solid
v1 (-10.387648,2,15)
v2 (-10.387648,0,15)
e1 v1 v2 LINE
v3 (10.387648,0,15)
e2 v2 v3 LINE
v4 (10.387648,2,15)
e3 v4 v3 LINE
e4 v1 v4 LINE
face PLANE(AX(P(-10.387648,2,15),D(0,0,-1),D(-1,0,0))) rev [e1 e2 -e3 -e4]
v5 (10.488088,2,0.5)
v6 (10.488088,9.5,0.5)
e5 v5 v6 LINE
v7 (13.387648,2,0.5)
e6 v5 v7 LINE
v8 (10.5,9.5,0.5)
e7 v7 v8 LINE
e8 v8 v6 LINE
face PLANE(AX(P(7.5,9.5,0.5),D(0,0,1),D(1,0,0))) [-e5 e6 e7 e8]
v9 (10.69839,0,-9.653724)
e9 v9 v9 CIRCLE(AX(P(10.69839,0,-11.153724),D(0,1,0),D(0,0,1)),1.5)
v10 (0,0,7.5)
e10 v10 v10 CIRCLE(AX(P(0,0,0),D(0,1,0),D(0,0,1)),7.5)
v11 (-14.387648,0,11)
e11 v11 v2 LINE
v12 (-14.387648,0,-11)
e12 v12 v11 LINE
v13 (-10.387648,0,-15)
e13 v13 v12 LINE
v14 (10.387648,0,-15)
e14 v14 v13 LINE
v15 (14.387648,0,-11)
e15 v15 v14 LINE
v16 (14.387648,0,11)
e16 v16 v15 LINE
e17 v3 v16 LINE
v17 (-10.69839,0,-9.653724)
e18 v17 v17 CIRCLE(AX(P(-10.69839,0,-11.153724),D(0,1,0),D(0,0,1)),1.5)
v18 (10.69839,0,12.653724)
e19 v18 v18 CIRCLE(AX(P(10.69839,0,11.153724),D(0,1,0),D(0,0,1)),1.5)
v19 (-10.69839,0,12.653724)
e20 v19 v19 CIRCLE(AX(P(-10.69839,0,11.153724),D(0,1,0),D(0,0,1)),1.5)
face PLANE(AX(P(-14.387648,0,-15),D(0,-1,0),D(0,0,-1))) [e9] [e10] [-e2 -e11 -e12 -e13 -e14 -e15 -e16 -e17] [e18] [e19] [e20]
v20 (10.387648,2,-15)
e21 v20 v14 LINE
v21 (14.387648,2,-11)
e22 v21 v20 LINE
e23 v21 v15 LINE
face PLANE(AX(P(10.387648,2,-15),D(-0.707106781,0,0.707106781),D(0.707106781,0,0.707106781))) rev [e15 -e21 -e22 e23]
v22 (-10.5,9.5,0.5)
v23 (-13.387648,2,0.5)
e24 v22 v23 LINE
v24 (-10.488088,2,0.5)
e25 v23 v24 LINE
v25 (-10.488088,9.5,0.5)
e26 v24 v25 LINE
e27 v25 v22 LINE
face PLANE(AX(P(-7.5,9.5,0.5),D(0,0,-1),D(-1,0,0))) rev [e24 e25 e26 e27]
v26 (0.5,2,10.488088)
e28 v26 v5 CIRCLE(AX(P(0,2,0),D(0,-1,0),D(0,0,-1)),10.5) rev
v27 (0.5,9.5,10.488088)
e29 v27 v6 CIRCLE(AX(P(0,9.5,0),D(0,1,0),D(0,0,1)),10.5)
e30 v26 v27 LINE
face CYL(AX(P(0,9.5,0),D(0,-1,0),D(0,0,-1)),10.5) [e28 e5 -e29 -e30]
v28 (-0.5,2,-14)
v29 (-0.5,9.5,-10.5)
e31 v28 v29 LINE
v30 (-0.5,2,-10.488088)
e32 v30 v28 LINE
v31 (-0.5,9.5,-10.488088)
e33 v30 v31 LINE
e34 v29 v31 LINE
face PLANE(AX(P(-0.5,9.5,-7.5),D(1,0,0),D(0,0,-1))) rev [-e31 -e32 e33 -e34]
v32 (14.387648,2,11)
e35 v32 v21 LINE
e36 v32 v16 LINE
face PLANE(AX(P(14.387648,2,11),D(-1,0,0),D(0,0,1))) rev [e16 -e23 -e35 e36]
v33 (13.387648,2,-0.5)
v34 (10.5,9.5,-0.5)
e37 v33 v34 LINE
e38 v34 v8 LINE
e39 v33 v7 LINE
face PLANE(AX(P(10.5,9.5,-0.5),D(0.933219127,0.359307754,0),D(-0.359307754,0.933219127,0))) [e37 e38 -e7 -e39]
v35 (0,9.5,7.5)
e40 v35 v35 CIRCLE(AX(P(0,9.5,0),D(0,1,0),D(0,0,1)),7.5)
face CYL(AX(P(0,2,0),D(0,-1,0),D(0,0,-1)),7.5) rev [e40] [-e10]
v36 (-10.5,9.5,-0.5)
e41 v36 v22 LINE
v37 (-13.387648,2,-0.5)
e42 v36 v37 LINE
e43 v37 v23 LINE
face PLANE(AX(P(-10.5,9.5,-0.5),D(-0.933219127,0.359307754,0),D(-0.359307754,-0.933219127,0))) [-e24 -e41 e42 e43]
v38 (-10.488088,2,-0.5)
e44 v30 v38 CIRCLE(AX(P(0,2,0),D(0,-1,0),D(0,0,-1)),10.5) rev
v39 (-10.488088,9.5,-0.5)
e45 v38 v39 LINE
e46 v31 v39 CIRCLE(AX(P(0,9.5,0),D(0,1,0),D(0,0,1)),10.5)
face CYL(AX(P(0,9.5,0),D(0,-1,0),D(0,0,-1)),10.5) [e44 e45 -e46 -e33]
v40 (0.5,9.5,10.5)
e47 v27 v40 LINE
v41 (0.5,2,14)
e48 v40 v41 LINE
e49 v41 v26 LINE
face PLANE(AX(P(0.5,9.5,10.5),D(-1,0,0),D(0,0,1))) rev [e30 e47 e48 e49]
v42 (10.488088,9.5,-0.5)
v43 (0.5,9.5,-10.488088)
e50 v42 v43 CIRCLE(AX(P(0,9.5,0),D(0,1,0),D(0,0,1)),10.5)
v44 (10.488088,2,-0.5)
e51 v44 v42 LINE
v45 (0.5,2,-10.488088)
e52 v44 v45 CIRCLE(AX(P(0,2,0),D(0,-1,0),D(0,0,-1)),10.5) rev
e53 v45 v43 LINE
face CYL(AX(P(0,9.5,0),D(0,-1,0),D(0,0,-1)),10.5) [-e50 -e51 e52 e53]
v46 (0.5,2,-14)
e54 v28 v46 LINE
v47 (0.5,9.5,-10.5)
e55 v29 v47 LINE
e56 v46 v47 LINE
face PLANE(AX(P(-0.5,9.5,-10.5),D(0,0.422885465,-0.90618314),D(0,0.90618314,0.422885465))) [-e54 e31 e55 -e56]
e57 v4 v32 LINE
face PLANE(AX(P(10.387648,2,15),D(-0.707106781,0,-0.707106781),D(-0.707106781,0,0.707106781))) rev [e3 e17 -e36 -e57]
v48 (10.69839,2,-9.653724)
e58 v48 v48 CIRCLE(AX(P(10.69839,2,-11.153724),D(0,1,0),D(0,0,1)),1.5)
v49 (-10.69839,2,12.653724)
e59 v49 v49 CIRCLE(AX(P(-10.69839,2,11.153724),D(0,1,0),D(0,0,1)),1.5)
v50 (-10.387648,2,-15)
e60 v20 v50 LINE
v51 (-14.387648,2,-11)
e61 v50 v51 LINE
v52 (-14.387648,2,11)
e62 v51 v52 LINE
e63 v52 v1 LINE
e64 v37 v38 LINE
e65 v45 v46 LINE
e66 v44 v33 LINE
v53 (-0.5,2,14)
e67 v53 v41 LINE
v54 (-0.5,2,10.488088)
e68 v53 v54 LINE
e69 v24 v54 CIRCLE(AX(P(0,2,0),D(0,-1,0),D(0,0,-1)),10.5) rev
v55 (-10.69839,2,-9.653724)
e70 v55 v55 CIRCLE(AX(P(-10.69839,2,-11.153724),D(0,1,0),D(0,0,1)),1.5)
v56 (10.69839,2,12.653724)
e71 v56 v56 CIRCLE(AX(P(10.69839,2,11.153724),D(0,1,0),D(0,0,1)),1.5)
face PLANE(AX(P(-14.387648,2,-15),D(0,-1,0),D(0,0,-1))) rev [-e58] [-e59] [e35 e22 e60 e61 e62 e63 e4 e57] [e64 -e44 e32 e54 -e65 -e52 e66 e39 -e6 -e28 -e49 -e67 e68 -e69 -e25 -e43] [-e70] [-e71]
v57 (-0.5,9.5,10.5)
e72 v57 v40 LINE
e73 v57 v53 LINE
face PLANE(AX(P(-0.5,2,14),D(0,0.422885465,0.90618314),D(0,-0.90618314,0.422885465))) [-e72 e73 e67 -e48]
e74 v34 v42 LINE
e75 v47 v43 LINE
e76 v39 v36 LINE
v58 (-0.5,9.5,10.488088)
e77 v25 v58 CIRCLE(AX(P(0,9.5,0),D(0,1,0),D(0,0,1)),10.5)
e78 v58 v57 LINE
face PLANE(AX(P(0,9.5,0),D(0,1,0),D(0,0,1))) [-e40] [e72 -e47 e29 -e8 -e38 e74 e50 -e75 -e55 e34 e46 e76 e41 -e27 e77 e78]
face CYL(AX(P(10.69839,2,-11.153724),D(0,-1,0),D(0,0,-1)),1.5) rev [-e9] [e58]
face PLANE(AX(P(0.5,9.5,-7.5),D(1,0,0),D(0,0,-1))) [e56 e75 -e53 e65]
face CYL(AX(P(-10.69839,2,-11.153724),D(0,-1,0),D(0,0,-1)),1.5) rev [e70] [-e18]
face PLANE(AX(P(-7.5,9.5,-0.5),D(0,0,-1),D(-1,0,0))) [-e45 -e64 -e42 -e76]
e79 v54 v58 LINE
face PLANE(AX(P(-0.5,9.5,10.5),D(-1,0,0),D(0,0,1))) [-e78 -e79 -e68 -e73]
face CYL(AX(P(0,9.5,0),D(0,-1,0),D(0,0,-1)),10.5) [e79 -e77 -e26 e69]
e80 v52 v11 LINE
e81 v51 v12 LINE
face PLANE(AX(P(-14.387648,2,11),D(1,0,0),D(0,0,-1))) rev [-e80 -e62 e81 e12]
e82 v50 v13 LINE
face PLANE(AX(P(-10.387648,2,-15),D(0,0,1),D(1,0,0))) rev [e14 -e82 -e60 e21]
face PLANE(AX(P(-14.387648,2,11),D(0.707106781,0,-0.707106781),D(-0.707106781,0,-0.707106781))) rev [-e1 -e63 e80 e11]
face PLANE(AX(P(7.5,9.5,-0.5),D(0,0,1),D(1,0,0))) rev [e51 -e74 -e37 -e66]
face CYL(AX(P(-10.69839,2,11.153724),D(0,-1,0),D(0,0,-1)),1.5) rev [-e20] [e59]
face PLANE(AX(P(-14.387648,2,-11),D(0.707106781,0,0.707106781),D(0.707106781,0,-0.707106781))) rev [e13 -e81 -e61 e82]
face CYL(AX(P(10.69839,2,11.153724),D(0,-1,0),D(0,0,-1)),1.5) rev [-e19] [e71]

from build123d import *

# Parameters (mm, degrees)
SKETCH1_R                = 7.5
SKETCH1_R_2              = 1.5
BOSS_EXTRUDE1_DEPTH      = 2
SKETCH2_R                = 10.5
SKETCH2_R_2              = 7.5
BOSS_EXTRUDE2_DEPTH      = 7.5
BOSS_EXTRUDE4_DEPTH      = 0.5
BOSS_EXTRUDE4_DEPTH_BACK = 0.5
BOSS_EXTRUDE5_DEPTH      = 0.5
BOSS_EXTRUDE5_DEPTH_BACK = 0.5


with BuildPart() as part:
    # Sketch1 → Boss-Extrude1 (new body)
    with BuildSketch(Plane(origin=(0, 0, 0), x_dir=(1, 0, 0), z_dir=(0, 1, 0))):
        Polygon((-14.387647793, 11), (-10.387647793, 15), (10.387647793, 15), (14.387647793, 11), (14.387647793, -11), (10.387647793, -15), (-10.387647793, -15), (-14.387647793, -11), align=None)
        with Locations(Location((0, 0, 0), (0, 0, 270))):
            Circle(SKETCH1_R, mode=Mode.SUBTRACT)
        with Locations(Location((-10.69839003, -11.153723858, 0), (0, 0, 270))):
            Circle(SKETCH1_R_2, mode=Mode.SUBTRACT)
        with Locations(Location((-10.69839003, 11.153723858, 0), (0, 0, 270))):
            Circle(SKETCH1_R_2, mode=Mode.SUBTRACT)
        with Locations(Location((10.69839003, 11.153723858, 0), (0, 0, 270))):
            Circle(SKETCH1_R_2, mode=Mode.SUBTRACT)
        with Locations(Location((10.69839003, -11.153723858, 0), (0, 0, 270))):
            Circle(SKETCH1_R_2, mode=Mode.SUBTRACT)
    extrude(amount=BOSS_EXTRUDE1_DEPTH)

    # Sketch2 → Boss-Extrude2 (add)
    with BuildSketch(Plane(origin=(0, 2, 0), x_dir=(1, 0, 0), z_dir=(0, 1, 0))):
        with Locations(Location((0, 0, 0), (0, 0, 90))):
            Circle(SKETCH2_R)
        with Locations(Location((0, 0, 0), (0, 0, 270))):
            Circle(SKETCH2_R_2, mode=Mode.SUBTRACT)
    extrude(amount=BOSS_EXTRUDE2_DEPTH)

    # Sketch4 → Boss-Extrude4 (add, two sides: drawn at the far end of the back side and taken through both)
    with BuildSketch(Plane(origin=(0, 0, 0), x_dir=(0, 0, -1), z_dir=(1, 0, 0)).offset(-BOSS_EXTRUDE4_DEPTH_BACK)):
        Polygon((10.5, 9.5), (14, 2), (7.5, 2), (7.5, 9.5), align=None)
        Polygon((-10.5, 9.5), (-7.5, 9.5), (-7.5, 2), (-14, 2), align=None)
    extrude(amount=BOSS_EXTRUDE4_DEPTH + BOSS_EXTRUDE4_DEPTH_BACK)

    # Sketch5 → Boss-Extrude5 (add, two sides: drawn at the far end of the back side and taken through both)
    with BuildSketch(Plane.XY.offset(-BOSS_EXTRUDE5_DEPTH_BACK)):
        Polygon((-10.5, 9.5), (-13.387647793, 2), (-7.5, 2), (-7.5, 9.5), align=None)
        Polygon((10.5, 9.5), (13.387647793, 2), (7.5, 2), (7.5, 9.5), align=None)
    extrude(amount=BOSS_EXTRUDE5_DEPTH + BOSS_EXTRUDE5_DEPTH_BACK)


solid = part.part
